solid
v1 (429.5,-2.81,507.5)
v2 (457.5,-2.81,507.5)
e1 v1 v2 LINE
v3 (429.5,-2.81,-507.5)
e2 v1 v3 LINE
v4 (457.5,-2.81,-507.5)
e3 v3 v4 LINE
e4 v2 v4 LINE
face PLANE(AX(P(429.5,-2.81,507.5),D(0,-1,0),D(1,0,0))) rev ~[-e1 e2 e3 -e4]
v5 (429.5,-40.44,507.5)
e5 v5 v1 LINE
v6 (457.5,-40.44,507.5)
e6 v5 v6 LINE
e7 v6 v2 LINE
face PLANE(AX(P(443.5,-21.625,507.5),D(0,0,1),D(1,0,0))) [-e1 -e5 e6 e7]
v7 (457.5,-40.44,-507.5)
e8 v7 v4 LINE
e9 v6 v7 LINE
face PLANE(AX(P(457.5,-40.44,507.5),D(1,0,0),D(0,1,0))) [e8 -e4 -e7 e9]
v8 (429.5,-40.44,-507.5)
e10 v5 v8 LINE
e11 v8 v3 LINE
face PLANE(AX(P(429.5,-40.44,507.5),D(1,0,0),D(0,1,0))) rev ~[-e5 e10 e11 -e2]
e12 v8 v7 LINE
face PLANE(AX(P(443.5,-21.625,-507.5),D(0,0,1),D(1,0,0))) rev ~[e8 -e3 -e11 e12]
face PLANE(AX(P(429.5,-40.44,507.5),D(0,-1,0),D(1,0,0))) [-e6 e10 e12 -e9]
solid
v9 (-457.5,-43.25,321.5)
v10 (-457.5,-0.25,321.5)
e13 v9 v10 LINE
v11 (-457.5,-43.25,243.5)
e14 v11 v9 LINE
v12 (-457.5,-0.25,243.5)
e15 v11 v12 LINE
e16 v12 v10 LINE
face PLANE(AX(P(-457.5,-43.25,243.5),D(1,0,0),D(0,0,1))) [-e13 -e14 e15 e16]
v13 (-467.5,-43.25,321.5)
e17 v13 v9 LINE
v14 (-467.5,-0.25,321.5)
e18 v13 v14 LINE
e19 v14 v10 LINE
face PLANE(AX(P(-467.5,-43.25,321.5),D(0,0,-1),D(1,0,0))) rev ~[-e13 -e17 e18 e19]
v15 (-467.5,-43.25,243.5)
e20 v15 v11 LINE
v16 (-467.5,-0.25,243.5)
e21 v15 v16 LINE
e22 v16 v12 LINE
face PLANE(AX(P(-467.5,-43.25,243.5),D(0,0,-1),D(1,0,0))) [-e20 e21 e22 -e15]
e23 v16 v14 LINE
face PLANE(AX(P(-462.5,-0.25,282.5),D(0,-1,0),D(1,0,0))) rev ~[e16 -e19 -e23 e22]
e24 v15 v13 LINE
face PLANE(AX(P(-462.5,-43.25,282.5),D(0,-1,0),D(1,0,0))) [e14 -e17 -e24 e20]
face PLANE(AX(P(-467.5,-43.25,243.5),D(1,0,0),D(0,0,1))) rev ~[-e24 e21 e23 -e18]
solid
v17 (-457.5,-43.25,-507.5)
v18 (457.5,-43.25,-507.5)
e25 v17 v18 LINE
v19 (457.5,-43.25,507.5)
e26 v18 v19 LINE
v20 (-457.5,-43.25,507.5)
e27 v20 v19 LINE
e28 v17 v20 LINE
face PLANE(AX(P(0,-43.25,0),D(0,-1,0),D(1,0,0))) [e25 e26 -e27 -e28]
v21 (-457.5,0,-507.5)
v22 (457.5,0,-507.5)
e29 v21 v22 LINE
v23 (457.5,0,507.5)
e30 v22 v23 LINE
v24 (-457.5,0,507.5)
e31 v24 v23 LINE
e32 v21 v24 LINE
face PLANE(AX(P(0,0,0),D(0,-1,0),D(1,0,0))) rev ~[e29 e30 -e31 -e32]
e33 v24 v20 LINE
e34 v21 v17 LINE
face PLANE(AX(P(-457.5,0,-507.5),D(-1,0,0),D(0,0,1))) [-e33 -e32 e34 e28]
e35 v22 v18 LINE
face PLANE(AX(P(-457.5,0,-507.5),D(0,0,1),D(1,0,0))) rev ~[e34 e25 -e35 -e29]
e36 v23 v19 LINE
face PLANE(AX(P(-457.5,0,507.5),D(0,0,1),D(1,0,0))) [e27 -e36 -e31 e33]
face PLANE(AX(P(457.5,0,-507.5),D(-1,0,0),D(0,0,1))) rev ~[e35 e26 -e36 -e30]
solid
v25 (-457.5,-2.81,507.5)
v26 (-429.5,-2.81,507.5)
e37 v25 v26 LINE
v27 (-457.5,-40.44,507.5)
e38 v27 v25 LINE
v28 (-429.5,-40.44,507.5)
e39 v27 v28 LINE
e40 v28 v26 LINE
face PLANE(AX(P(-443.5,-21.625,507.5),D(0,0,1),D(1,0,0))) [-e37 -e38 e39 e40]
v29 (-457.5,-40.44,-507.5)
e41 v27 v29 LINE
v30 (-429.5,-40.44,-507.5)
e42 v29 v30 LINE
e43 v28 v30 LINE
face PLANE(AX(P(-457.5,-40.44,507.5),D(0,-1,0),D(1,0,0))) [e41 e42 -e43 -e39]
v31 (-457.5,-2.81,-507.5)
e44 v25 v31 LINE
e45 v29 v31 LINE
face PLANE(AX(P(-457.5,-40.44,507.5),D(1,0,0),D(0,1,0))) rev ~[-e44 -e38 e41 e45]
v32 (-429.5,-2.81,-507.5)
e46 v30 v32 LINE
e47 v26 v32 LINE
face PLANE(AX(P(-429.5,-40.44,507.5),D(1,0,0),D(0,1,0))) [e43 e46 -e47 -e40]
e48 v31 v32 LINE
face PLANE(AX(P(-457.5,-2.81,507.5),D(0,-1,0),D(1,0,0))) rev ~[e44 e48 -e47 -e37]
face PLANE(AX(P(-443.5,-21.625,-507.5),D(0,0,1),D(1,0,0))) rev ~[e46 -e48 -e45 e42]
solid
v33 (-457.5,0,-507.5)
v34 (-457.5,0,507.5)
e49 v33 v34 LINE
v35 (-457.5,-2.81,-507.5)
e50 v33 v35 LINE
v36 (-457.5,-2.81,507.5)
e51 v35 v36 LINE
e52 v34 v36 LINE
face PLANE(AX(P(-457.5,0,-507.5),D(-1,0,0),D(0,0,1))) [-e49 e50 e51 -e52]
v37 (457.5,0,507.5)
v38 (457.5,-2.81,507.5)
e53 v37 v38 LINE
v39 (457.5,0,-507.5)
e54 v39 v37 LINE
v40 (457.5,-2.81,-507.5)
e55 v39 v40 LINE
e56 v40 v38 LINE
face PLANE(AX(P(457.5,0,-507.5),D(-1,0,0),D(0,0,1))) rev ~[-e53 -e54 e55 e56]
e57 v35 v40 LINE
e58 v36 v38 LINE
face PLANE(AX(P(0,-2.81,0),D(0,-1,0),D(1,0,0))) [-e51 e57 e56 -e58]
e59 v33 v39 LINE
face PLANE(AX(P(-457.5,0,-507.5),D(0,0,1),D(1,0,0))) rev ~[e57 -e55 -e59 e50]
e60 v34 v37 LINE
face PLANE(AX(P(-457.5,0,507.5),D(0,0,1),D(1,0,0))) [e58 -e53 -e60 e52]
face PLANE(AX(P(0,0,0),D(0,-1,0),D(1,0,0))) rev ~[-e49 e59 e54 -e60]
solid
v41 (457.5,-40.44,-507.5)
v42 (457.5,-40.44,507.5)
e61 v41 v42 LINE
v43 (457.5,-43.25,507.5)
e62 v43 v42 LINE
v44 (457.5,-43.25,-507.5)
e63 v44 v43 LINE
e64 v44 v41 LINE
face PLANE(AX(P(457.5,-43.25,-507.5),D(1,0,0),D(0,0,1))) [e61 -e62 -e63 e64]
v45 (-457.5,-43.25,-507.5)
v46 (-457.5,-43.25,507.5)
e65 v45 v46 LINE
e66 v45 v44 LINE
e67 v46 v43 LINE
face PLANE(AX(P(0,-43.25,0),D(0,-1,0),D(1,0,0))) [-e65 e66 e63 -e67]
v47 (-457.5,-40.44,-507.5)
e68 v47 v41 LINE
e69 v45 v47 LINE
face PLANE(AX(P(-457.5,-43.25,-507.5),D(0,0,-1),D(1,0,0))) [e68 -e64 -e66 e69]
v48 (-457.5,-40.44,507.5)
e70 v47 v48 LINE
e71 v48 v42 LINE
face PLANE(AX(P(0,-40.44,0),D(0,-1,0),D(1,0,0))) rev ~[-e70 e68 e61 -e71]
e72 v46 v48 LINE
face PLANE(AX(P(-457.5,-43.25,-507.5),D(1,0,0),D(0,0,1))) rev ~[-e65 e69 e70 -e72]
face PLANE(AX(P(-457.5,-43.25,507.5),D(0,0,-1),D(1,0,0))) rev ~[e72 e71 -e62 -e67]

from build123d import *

# Parameters (mm, degrees)
F0_W     = 915
F0_H     = 1015
F1_DEPTH = 43.25
F2_DEPTH = 2.81
F3_DEPTH = 2.81
F4_W     = 10
F4_H     = 78
F5_DEPTH = 43
F6_W     = 28
F6_H     = 37.63
F7_DEPTH = 1015


with BuildPart() as f1:
    # F0 (on Front) → F1 (new body)
    with BuildSketch(Plane.XZ):
        Rectangle(F0_W, F0_H)
    extrude(amount=F1_DEPTH)


with BuildPart() as f2:
    # F2 (new): a face of the model
    f2_faces = [f1.part.faces().sort_by_distance(p)[0] for p in [
        (0, -43.25, 0),
    ]]
    extrude(f2_faces, amount=-F2_DEPTH)


with BuildPart() as f3:
    # F3 (new): a face of the model
    f3_faces = [f1.part.faces().sort_by_distance(p)[0] for p in [
        (0, 0, 0),
    ]]
    extrude(f3_faces, amount=-F3_DEPTH)


with BuildPart() as f5:
    # F4 (on face) → F5 (new body)
    with BuildSketch(Plane.XZ.offset(43.25)):
        with Locations((-462.5, 282.5)):
            Rectangle(F4_W, F4_H)
    extrude(amount=-F5_DEPTH)


with BuildPart() as f7:
    # F6 (on face) → F7 (new body, through all)
    with BuildSketch(Plane.XY.offset(507.5)):
        with Locations((443.5, -21.625)):
            Rectangle(F6_W, F6_H)
    extrude(amount=-F7_DEPTH)


with BuildPart() as f7b:
    # F6 (on face) → F7, piece 2 (new body, through all)
    with BuildSketch(Plane.XY.offset(507.5)):
        with Locations((-443.5, -21.625)):
            Rectangle(F6_W, F6_H)
    extrude(amount=-F7_DEPTH)


solid = Compound([f1.part, f2.part, f3.part, f5.part, f7.part, f7b.part])
